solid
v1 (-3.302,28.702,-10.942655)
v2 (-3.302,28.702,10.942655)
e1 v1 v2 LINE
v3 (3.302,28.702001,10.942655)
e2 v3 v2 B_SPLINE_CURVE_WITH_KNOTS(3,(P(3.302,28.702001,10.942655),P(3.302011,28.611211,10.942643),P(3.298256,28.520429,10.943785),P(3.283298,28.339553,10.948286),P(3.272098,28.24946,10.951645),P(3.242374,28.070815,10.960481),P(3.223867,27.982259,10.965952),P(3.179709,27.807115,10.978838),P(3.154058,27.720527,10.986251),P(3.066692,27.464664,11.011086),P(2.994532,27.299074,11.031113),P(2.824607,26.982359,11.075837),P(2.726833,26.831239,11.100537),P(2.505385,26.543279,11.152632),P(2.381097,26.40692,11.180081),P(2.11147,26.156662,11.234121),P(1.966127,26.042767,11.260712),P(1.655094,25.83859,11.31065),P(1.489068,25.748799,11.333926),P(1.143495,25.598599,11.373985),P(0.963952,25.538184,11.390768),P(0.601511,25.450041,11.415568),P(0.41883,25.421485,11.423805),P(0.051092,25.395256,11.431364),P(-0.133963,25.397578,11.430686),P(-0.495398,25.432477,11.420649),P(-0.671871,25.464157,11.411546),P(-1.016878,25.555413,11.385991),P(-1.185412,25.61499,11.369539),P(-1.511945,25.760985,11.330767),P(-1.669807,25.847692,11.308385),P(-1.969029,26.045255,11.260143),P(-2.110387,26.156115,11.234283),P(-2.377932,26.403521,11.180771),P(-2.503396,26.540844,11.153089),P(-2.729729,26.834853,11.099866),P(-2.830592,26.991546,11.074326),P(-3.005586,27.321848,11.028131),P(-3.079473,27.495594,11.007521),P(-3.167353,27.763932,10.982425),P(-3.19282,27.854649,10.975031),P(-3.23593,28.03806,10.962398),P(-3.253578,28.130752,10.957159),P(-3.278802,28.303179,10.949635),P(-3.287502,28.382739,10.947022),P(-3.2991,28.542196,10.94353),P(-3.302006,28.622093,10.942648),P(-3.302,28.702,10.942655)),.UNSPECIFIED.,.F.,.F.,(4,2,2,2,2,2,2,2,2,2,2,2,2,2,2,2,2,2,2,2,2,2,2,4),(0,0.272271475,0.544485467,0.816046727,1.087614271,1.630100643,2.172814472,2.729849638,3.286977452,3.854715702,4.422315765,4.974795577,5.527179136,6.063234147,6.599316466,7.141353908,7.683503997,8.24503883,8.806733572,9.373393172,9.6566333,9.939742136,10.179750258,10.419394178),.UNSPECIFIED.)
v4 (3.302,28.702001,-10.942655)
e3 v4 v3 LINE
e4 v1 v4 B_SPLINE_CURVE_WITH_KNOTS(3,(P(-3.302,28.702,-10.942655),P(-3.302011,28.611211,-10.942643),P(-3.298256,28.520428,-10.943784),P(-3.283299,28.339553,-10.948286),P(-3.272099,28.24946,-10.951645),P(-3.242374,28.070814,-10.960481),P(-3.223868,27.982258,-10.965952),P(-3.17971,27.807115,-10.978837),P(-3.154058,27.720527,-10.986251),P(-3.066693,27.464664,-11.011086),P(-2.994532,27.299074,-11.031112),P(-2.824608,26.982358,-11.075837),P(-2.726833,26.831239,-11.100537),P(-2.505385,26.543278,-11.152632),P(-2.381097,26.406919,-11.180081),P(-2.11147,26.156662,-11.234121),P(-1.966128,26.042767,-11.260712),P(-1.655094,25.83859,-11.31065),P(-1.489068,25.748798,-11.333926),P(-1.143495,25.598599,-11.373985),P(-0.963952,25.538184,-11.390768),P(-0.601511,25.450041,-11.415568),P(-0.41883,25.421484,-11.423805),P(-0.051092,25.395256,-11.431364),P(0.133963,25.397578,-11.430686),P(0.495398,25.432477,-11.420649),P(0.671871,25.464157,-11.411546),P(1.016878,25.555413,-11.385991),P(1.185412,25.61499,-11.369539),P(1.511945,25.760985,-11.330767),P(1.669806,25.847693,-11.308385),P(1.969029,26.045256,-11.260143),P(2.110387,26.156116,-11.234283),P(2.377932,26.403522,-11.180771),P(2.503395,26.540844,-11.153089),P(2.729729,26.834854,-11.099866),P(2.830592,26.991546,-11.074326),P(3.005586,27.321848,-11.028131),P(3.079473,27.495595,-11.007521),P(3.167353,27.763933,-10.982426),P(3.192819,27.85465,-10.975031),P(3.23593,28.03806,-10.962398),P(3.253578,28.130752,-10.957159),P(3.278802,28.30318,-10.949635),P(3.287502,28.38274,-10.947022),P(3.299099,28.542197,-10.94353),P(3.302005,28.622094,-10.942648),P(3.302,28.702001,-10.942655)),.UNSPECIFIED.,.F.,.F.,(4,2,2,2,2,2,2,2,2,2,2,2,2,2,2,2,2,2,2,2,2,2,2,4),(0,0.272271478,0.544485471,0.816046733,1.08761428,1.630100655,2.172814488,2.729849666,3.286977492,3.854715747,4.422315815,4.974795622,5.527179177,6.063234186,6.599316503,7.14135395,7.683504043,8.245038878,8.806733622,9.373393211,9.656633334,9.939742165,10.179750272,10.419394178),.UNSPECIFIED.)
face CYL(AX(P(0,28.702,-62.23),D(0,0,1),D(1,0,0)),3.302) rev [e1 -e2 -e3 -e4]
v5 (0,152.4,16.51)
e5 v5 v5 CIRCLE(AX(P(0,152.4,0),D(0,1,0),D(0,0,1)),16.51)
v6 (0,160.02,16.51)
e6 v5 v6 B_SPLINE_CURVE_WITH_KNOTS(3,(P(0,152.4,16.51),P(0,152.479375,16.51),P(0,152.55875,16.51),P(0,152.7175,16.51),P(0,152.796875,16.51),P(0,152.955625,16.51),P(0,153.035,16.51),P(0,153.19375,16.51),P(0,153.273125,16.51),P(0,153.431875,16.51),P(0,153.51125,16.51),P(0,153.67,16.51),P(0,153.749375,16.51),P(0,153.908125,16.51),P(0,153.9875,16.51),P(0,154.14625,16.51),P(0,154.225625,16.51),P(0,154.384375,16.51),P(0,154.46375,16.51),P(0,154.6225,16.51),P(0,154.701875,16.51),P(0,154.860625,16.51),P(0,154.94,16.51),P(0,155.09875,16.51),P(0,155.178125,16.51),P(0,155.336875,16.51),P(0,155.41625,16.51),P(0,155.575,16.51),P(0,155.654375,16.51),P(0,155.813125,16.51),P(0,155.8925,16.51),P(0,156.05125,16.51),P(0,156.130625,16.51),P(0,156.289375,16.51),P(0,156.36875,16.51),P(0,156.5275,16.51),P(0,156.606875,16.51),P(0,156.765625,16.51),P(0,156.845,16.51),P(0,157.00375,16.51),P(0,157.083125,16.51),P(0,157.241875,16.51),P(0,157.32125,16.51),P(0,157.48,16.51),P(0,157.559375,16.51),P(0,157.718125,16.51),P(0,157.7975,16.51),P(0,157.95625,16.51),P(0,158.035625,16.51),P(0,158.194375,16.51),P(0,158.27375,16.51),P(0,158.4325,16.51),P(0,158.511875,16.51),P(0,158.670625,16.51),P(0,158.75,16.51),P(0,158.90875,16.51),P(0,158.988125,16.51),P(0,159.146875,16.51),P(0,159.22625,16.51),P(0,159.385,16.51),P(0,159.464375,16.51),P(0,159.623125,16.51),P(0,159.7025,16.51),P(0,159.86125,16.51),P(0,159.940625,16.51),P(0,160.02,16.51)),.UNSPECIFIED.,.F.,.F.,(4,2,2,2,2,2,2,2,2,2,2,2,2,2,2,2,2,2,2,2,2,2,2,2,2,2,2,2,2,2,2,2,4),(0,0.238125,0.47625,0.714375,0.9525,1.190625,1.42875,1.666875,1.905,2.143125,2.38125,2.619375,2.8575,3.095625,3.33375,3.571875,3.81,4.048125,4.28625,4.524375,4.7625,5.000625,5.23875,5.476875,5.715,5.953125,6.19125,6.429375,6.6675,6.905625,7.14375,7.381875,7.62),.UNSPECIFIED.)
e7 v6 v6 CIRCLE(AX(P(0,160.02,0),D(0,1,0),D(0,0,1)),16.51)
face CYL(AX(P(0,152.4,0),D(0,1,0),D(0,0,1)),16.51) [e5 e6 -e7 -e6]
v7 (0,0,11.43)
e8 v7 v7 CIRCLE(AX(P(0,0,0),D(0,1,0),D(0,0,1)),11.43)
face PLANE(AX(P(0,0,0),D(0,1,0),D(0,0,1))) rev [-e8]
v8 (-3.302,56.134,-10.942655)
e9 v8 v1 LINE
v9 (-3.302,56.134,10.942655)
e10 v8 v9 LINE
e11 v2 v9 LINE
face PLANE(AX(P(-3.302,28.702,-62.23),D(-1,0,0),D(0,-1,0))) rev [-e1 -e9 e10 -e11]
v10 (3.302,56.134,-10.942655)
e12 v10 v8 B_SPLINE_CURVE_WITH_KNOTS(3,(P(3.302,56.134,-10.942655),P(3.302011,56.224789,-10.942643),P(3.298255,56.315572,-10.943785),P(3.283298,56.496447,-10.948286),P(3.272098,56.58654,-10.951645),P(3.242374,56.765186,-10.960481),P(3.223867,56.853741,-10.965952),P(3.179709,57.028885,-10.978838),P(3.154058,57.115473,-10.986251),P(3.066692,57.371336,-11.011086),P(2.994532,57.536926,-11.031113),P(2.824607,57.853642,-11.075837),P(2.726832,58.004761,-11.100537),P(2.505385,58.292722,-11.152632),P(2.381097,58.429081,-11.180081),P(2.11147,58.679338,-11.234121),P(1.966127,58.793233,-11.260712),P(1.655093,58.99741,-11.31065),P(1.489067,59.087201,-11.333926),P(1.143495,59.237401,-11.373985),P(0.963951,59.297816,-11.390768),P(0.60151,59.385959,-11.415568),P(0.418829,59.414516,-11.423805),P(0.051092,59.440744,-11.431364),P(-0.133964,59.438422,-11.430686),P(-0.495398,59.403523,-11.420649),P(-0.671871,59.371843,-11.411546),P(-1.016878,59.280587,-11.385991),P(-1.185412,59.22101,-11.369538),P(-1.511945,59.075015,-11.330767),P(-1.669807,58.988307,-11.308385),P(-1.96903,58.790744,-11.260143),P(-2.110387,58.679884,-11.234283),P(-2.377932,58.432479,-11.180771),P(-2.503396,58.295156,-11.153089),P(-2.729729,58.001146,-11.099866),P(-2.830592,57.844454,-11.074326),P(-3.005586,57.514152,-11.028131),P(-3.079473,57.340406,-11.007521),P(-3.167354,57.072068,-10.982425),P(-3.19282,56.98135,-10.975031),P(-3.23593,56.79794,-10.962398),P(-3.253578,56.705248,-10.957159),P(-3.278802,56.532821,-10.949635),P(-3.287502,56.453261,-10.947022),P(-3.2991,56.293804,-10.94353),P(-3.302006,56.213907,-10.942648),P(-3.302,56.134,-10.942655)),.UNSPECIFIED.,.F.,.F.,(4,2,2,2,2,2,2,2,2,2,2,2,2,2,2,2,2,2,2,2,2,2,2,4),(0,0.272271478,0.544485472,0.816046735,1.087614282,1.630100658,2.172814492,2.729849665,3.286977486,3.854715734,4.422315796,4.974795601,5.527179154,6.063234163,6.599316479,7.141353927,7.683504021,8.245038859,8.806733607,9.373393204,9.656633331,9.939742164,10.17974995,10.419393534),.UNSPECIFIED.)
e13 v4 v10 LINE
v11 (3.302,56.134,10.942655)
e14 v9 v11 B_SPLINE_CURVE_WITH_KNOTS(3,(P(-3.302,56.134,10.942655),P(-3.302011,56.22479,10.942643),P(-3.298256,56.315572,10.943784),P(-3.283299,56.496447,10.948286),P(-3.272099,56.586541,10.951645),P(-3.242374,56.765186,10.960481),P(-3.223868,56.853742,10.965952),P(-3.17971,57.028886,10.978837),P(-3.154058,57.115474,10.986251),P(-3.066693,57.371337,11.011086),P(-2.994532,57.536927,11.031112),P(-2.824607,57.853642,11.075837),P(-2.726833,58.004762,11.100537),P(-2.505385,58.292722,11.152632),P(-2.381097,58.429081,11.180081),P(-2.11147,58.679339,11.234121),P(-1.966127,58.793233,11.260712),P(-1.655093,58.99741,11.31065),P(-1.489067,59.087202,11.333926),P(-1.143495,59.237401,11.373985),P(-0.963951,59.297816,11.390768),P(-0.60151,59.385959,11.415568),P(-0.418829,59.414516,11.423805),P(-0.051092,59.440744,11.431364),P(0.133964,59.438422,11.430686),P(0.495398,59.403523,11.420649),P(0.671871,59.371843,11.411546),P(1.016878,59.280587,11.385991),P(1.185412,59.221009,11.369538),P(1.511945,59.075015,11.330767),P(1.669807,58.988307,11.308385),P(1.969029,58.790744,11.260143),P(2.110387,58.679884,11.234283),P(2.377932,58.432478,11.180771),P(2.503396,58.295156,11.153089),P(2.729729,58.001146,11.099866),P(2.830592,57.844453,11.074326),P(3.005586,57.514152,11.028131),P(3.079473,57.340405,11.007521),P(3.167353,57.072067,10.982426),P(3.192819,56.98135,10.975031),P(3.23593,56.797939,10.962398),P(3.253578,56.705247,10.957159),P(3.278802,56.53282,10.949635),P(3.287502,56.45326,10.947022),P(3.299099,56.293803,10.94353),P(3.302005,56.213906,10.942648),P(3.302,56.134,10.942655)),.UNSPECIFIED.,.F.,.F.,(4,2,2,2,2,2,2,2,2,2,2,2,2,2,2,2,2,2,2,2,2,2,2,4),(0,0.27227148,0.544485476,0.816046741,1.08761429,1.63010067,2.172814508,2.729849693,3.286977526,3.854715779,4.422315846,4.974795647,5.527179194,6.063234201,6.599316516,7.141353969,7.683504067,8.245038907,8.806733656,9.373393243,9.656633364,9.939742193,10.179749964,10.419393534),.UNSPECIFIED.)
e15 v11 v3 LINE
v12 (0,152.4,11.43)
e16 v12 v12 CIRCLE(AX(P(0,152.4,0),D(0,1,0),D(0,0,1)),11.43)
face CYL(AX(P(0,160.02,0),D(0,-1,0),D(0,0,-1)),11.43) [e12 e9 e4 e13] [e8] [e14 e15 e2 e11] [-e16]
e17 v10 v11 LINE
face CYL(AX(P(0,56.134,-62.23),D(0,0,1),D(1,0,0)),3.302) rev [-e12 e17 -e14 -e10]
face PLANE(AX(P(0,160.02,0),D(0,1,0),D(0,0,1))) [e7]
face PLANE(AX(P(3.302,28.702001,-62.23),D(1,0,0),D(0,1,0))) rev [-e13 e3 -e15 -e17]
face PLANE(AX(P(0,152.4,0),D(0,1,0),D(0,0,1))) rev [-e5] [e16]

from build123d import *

# Parameters (mm, degrees)
SKETCH1_R           = 11.43
BOSS_EXTRUDE1_DEPTH = 160.02
CUT_EXTRUDE1_DEPTH  = 73.66
BOSS_EXTRUDE2_START = -7.62
SKETCH3_R           = 16.51
SKETCH3_R_2         = 11.43
BOSS_EXTRUDE2_DEPTH = 7.62


with BuildPart() as part:
    # Sketch1 → Boss-Extrude1 (new body)
    with BuildSketch(Plane(origin=(0, 0, 0), x_dir=(1, 0, 0), z_dir=(0, 1, 0))):
        with Locations(Location((0, 0, 0), (0, 0, 270))):
            Circle(SKETCH1_R)
    extrude(amount=BOSS_EXTRUDE1_DEPTH)

    # Sketch2 → Cut-Extrude1 (cut)
    with BuildSketch(Plane.XY.offset(11.43)):
        with BuildLine():
            Line((3.301999683, 28.702000653), (3.301999683, 56.13399967))
            ThreePointArc((3.301999683, 56.13399967), (0, 59.436), (-3.302000317, 56.134000304))
            Line((-3.302000317, 56.134000304), (-3.302000317, 28.702000019))
            ThreePointArc((-3.302000317, 28.702000019), (0, 25.4), (3.301999683, 28.702000653))
        make_face()
    extrude(amount=-CUT_EXTRUDE1_DEPTH, mode=Mode.SUBTRACT)

    # Sketch3 → Boss-Extrude2 (add)
    with BuildSketch(Plane(origin=(0, 160.02, 0), x_dir=(1, 0, 0), z_dir=(0, 1, 0)).offset(BOSS_EXTRUDE2_START)):
        with Locations(Location((0, 0, 0), (0, 0, 270))):
            Circle(SKETCH3_R)
        with Locations(Location((0, 0, 0), (0, 0, 270))):
            Circle(SKETCH3_R_2, mode=Mode.SUBTRACT)
    extrude(amount=BOSS_EXTRUDE2_DEPTH)


solid = part.part
